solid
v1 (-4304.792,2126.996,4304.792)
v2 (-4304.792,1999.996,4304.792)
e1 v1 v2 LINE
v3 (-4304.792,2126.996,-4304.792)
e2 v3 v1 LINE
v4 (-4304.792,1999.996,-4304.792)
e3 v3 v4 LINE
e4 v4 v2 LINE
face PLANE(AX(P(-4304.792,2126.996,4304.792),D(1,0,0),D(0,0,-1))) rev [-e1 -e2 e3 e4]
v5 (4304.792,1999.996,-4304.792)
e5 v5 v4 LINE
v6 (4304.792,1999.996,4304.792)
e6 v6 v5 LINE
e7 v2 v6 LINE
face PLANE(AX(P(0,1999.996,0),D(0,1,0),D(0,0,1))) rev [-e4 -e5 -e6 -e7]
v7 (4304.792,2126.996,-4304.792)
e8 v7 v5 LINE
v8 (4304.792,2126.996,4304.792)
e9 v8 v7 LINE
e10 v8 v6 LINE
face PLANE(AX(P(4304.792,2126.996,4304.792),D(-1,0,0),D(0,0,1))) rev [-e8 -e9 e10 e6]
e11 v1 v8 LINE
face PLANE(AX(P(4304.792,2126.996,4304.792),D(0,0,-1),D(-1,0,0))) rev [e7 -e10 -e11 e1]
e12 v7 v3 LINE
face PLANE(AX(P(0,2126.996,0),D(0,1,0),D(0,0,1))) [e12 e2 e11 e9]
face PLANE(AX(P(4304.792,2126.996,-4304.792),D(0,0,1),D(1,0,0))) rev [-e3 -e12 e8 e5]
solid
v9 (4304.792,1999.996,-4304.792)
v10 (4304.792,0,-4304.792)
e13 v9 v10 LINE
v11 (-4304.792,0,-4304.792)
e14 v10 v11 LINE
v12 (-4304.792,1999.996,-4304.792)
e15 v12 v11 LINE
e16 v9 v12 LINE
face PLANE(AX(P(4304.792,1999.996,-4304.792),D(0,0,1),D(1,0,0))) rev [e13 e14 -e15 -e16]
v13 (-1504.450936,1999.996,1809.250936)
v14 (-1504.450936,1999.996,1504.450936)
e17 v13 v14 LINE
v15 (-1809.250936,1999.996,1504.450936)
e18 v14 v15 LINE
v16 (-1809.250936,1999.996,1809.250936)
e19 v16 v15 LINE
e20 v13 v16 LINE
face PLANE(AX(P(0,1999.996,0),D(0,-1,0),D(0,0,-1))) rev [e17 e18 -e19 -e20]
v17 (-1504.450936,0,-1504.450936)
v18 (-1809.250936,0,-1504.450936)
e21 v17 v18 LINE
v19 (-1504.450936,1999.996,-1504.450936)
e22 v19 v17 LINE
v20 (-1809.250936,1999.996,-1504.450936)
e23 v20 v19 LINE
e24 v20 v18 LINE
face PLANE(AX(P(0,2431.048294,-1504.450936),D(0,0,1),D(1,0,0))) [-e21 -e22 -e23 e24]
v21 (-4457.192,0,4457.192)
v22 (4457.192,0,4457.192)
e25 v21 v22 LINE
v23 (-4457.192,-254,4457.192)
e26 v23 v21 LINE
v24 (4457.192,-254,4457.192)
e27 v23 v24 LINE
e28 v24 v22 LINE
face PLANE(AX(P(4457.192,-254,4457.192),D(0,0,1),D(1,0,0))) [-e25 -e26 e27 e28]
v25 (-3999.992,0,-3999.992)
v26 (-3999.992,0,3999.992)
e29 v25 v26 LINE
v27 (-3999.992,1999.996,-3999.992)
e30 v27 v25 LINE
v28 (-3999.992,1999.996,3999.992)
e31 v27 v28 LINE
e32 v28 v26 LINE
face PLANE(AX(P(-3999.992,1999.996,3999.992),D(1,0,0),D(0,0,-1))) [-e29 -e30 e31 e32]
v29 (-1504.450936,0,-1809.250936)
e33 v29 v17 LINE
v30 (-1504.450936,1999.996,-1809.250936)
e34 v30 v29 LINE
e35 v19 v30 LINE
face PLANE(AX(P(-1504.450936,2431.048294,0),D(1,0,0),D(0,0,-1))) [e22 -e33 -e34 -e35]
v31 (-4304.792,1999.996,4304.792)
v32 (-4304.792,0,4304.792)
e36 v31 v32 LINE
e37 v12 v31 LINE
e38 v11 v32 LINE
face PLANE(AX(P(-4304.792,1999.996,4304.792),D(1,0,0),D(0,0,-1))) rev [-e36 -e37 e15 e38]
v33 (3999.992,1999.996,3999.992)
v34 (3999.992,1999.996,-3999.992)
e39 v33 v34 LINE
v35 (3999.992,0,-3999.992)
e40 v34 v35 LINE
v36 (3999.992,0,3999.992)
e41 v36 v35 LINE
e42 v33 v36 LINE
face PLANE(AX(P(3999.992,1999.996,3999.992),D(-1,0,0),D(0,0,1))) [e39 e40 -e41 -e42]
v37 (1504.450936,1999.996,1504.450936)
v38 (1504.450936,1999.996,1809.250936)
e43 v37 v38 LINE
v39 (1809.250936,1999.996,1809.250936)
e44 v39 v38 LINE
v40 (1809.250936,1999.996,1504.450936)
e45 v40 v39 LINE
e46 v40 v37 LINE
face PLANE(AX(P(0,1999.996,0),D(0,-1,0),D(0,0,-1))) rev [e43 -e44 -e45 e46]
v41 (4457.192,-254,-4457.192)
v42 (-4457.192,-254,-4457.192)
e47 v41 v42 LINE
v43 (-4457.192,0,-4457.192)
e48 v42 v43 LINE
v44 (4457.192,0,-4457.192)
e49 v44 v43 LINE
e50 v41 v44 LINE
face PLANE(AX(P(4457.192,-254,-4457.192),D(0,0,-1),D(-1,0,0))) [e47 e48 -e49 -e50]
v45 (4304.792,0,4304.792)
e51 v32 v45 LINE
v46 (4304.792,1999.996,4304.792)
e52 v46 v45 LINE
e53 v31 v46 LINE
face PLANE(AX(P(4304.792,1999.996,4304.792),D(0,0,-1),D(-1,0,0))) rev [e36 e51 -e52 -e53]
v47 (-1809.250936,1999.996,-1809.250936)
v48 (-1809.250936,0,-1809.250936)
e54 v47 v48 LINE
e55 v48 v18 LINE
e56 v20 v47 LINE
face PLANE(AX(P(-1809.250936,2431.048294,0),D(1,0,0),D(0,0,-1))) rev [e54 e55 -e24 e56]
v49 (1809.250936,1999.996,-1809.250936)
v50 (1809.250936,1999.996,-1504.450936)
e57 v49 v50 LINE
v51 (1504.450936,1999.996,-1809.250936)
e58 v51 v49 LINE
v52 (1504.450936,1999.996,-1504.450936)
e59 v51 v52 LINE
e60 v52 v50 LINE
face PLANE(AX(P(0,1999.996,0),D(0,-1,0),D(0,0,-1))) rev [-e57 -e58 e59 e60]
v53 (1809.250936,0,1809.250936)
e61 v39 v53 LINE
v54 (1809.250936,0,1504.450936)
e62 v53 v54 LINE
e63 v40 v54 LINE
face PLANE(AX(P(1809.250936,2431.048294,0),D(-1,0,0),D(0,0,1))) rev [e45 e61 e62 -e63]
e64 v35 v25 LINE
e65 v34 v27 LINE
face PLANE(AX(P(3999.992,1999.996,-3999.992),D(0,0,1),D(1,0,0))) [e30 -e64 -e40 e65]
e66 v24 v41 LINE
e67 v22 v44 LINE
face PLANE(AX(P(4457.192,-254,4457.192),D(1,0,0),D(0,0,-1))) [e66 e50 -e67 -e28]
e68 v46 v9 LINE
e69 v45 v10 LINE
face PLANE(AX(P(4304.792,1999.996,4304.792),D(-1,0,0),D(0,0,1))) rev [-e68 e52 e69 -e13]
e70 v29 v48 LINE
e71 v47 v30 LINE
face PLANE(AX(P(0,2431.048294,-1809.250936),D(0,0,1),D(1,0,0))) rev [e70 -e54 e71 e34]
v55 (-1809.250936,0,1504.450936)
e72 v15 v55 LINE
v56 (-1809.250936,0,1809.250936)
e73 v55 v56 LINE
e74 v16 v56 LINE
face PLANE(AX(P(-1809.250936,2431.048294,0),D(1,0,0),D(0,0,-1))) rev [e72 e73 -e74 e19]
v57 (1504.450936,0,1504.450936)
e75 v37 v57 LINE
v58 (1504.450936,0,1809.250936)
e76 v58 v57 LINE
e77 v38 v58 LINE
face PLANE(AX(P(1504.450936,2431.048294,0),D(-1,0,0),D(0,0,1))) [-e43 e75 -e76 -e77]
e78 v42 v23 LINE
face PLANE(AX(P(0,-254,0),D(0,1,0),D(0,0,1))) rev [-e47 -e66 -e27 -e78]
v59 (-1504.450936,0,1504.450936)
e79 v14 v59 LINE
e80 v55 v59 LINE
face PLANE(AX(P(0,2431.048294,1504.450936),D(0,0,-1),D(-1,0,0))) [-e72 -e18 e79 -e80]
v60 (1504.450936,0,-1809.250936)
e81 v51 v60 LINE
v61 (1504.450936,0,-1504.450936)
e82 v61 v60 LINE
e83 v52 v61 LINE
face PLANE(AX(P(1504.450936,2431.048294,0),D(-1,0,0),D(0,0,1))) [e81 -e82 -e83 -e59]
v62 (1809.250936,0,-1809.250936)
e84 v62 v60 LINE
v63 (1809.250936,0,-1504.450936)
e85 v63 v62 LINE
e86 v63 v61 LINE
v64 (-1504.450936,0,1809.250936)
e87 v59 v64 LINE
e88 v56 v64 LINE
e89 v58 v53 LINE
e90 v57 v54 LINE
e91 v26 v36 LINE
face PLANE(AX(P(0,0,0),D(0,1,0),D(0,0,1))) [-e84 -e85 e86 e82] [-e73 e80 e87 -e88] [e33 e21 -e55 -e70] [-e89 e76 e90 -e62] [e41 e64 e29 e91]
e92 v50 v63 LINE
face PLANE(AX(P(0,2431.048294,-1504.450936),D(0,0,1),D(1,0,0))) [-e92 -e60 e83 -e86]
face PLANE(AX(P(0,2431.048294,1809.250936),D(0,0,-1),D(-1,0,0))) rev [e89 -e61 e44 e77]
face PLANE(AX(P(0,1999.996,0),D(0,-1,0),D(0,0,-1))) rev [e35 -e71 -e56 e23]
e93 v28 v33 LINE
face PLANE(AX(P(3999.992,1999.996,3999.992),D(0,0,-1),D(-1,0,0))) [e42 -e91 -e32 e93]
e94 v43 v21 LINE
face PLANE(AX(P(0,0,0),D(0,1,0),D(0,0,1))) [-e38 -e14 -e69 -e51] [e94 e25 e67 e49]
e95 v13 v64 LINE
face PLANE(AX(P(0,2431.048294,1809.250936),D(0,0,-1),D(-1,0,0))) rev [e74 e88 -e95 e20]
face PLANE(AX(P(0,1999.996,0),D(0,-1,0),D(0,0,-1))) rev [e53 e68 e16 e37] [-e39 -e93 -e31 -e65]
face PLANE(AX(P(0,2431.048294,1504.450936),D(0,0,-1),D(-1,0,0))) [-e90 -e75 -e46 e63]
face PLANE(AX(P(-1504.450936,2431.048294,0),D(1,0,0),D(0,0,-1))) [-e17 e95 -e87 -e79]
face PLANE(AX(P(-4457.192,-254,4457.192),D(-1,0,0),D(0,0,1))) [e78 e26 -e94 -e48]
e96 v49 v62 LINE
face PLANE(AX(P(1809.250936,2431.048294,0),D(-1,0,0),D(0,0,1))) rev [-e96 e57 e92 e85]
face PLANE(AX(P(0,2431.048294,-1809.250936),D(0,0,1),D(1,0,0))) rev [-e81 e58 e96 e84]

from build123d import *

# Parameters (mm, degrees)
SKETCH2_W           = 8609.584
SKETCH2_H           = 8609.584
SKETCH2_W_2         = 7999.984
SKETCH2_H_2         = 7999.984
BOSS_EXTRUDE1_DEPTH = 1999.996
SKETCH3_W           = 8609.584
SKETCH3_H           = 8609.584
BOSS_EXTRUDE2_DEPTH = 152.4
SKETCH6_W           = 304.8
SKETCH6_H           = 304.8
BOSS_EXTRUDE5_DEPTH = 1999.996
SKETCH7_W           = 8609.584
SKETCH7_H           = 8609.584
BOSS_EXTRUDE6_DEPTH = 127
SKETCH14_W          = 8914.384
SKETCH14_H          = 8914.384
BOSS_EXTRUDE7_DEPTH = 254


with BuildPart() as part:
    # Sketch2 → Boss-Extrude1 (new body)
    with BuildSketch(Plane(origin=(0, 0, 0), x_dir=(1, 0, 0), z_dir=(0, 1, 0))):
        Rectangle(SKETCH2_W, SKETCH2_H)
        Rectangle(SKETCH2_W_2, SKETCH2_H_2, mode=Mode.SUBTRACT)
    extrude(amount=BOSS_EXTRUDE1_DEPTH)

    # Sketch3 → Boss-Extrude2 (add)
    with BuildSketch(Plane.XZ):
        Rectangle(SKETCH3_W, SKETCH3_H)
    extrude(amount=BOSS_EXTRUDE2_DEPTH)

    # Sketch6 → Boss-Extrude5 (add)
    with BuildSketch(Plane(origin=(0, 0, 0), x_dir=(1, 0, 0), z_dir=(0, 1, 0))):
        with Locations((1656.850935784, 1656.850935784)):
            Rectangle(SKETCH6_W, SKETCH6_H)
        with Locations((-1656.850935784, 1656.850935784)):
            Rectangle(SKETCH6_W, SKETCH6_H)
        with Locations((1656.850935784, -1656.850935784)):
            Rectangle(SKETCH6_W, SKETCH6_H)
        with Locations((-1656.850935784, -1656.850935784)):
            Rectangle(SKETCH6_W, SKETCH6_H)
    extrude(amount=BOSS_EXTRUDE5_DEPTH)

    # Sketch14 → Boss-Extrude7 (add)
    with BuildSketch(Plane(origin=(0, 0, 0), x_dir=(1, 0, 0), z_dir=(0, 1, 0))):
        Rectangle(SKETCH14_W, SKETCH14_H)
    extrude(amount=-BOSS_EXTRUDE7_DEPTH)


with BuildPart() as body_2:
    # Sketch7 → Boss-Extrude6 (new body)
    with BuildSketch(Plane(origin=(0, 1999.996, 0), x_dir=(1, 0, 0), z_dir=(0, 1, 0))):
        Rectangle(SKETCH7_W, SKETCH7_H)
    extrude(amount=BOSS_EXTRUDE6_DEPTH)


solid = Compound([part.part, body_2.part])
